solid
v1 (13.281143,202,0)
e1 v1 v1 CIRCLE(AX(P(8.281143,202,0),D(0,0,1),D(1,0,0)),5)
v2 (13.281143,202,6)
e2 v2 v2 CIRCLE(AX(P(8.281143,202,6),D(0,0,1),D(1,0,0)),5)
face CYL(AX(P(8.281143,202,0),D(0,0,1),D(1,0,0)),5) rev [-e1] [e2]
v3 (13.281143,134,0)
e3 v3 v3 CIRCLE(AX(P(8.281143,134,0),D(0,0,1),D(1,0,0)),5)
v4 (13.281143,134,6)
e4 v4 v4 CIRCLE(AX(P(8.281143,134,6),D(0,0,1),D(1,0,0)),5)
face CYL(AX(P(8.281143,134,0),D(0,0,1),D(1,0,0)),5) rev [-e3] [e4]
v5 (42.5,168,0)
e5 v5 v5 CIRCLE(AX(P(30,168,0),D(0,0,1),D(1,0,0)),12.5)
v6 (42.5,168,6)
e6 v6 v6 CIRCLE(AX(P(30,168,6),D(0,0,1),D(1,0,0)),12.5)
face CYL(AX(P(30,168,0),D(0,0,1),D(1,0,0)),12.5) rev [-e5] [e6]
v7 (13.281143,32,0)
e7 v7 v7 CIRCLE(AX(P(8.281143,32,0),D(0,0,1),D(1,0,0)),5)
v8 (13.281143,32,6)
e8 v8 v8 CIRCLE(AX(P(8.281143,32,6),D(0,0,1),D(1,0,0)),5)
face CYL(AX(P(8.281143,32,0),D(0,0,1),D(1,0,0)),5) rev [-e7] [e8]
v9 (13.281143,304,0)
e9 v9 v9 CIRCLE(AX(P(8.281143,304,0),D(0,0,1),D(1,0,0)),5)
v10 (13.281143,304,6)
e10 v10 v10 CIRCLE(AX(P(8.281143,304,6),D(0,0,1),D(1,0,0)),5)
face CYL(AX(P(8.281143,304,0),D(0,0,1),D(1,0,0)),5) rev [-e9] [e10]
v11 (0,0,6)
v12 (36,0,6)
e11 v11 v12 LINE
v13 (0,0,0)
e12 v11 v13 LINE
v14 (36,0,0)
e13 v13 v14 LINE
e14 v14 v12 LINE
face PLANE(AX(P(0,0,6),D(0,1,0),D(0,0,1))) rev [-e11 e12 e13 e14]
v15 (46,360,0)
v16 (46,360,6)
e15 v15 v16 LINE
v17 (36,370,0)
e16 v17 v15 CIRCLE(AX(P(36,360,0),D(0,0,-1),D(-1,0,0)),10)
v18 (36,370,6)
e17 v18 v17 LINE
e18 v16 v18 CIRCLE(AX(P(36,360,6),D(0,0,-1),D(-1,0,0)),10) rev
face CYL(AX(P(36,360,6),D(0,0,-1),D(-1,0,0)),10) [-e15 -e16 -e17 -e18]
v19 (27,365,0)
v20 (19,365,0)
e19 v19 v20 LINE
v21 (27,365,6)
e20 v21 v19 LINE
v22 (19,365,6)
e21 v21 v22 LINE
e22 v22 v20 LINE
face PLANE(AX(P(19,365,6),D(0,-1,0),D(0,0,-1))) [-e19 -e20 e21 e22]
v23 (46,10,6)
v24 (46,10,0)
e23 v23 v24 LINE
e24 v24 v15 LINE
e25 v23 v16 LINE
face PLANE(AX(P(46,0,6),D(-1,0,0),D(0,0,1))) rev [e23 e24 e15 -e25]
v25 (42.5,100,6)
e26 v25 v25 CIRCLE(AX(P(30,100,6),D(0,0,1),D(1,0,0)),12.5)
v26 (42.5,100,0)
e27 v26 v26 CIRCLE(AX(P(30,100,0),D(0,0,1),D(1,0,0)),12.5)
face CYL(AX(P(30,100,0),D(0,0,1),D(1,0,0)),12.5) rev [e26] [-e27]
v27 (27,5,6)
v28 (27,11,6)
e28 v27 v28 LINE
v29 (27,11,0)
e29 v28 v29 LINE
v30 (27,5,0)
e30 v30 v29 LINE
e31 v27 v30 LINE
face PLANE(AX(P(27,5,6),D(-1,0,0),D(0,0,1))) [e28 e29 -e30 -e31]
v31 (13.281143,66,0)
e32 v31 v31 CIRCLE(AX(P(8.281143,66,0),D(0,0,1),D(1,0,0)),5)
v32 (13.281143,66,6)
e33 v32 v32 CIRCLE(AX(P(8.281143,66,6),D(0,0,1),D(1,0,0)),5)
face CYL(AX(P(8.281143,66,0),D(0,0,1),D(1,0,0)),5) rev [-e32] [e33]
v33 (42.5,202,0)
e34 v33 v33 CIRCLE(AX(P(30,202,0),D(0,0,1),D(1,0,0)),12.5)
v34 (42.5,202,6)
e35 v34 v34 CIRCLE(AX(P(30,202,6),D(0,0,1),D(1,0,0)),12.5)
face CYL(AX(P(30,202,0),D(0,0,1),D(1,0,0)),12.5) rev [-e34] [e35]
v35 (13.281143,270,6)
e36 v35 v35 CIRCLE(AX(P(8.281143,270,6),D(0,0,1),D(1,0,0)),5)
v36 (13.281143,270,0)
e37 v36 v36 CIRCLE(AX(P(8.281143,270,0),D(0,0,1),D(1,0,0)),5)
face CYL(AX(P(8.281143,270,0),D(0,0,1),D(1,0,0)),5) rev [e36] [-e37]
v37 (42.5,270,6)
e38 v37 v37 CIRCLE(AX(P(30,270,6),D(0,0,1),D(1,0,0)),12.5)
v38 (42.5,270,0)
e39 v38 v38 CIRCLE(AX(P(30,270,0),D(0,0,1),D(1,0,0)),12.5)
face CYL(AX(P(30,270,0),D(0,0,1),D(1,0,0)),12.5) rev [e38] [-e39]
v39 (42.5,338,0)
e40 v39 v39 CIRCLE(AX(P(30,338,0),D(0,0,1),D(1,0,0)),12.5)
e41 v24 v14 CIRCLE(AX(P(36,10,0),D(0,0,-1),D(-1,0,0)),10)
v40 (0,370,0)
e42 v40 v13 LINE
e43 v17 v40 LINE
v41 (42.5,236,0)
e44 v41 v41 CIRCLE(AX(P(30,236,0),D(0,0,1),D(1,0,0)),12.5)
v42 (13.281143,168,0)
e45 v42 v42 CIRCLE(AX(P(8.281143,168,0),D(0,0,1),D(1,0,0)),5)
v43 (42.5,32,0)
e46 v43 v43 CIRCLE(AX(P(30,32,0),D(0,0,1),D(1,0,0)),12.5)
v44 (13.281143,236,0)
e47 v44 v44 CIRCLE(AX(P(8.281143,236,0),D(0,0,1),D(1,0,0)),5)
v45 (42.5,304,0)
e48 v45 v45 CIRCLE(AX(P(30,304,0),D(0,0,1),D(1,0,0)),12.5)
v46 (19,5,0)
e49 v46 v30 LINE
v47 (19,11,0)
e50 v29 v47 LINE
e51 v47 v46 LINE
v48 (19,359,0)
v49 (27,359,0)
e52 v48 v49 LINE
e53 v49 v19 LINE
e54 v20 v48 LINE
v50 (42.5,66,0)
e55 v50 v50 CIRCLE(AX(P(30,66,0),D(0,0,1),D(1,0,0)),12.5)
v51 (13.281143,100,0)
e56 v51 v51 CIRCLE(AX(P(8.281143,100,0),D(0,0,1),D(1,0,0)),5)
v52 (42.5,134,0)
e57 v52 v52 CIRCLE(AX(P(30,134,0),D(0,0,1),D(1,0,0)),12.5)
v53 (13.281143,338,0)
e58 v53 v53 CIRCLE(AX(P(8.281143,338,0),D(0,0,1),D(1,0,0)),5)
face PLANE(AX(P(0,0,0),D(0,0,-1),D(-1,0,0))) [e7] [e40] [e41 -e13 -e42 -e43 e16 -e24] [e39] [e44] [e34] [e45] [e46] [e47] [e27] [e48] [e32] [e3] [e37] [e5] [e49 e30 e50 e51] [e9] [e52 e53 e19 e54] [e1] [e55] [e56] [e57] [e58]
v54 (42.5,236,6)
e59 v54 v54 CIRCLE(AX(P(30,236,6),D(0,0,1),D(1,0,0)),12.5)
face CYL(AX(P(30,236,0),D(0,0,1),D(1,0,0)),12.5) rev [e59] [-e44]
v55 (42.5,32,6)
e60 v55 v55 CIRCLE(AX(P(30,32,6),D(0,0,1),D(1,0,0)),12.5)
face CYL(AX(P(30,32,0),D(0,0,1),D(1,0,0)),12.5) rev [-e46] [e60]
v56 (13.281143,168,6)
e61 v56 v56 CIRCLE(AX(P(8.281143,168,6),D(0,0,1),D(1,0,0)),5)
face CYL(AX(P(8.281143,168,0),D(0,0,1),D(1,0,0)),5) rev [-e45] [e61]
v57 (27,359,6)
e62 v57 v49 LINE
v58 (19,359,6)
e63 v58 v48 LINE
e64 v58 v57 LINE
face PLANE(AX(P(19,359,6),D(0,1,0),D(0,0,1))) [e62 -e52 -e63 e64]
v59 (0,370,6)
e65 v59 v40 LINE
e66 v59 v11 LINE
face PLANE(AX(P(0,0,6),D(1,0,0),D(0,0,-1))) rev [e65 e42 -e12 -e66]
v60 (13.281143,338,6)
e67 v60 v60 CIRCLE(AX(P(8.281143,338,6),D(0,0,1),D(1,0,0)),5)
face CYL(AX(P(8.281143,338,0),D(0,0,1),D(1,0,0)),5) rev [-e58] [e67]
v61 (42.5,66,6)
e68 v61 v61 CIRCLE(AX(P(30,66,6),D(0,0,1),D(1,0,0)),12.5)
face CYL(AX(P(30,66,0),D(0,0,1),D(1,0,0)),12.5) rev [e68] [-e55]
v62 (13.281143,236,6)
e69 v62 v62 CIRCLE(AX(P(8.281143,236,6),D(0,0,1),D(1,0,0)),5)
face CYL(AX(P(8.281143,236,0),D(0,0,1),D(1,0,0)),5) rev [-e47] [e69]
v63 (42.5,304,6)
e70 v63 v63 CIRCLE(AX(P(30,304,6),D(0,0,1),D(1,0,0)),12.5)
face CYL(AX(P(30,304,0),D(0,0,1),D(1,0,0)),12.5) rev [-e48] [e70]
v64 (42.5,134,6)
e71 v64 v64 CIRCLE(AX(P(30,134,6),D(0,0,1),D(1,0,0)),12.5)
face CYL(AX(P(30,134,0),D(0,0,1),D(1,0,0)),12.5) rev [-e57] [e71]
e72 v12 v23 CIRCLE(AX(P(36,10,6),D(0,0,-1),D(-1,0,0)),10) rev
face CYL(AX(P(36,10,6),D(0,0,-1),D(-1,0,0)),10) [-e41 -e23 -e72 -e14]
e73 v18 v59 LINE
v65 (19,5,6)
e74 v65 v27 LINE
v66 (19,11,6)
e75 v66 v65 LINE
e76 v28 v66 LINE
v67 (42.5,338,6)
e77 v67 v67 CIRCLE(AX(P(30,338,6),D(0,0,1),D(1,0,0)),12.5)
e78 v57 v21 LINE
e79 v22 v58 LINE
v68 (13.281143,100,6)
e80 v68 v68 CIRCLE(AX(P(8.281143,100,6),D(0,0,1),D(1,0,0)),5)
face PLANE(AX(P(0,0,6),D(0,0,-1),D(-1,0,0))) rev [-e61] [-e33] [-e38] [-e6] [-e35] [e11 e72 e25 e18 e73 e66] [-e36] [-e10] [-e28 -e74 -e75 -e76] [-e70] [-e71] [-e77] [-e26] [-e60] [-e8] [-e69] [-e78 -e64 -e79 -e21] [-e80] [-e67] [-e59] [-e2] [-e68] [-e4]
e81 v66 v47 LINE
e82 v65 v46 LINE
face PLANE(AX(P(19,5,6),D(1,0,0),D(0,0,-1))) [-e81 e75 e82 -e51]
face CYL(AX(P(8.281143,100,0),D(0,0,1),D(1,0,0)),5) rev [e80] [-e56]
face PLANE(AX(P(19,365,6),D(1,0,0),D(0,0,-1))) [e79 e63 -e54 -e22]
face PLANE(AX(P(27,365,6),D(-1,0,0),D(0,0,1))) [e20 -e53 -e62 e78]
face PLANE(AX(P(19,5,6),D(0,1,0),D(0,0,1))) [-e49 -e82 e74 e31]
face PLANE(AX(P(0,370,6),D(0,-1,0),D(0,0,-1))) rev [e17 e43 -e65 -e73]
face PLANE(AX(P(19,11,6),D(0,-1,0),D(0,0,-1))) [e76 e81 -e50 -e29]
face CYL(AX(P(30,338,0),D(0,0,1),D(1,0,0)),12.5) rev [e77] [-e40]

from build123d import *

# Parameters (mm, degrees)
ESQUISSE1_W             = 46
ESQUISSE1_H             = 370
ESQUISSE1_W_2           = 8
ESQUISSE1_H_2           = 6
BOSS_EXTRU_1_DEPTH      = 6
ESQUISSE2_R             = 12.5
ESQUISSE2_R_2           = 5
ENL_V_MAT_EXTRU_1_DEPTH = 6
CONG_1_R                = 10


with BuildPart() as part:
    # Esquisse1 → Boss.-Extru.1 (new body)
    with BuildSketch(Plane.XY):
        with Locations((23, 185)):
            Rectangle(ESQUISSE1_W, ESQUISSE1_H)
        with Locations((23, 8)):
            Rectangle(ESQUISSE1_W_2, ESQUISSE1_H_2, mode=Mode.SUBTRACT)
        with Locations((23, 362)):
            Rectangle(ESQUISSE1_W_2, ESQUISSE1_H_2, mode=Mode.SUBTRACT)
    extrude(amount=BOSS_EXTRU_1_DEPTH)

    # Esquisse2 → Enlèv. mat.-Extru.1 (cut)
    with BuildSketch(Plane.XY.offset(6)):
        with Locations((30, 32)):
            Circle(ESQUISSE2_R)
        with Locations((30, 66)):
            Circle(ESQUISSE2_R)
        with Locations((30, 100)):
            Circle(ESQUISSE2_R)
        with Locations((30, 134)):
            Circle(ESQUISSE2_R)
        with Locations((30, 168)):
            Circle(ESQUISSE2_R)
        with Locations((30, 202)):
            Circle(ESQUISSE2_R)
        with Locations((30, 236)):
            Circle(ESQUISSE2_R)
        with Locations((30, 270)):
            Circle(ESQUISSE2_R)
        with Locations((30, 304)):
            Circle(ESQUISSE2_R)
        with Locations((8.281143203, 338)):
            Circle(ESQUISSE2_R_2)
        with Locations((8.281143203, 304)):
            Circle(ESQUISSE2_R_2)
        with Locations((8.281143203, 270)):
            Circle(ESQUISSE2_R_2)
        with Locations((8.281143203, 236)):
            Circle(ESQUISSE2_R_2)
        with Locations((8.281143203, 202)):
            Circle(ESQUISSE2_R_2)
        with Locations((8.281143203, 168)):
            Circle(ESQUISSE2_R_2)
        with Locations((8.281143203, 134)):
            Circle(ESQUISSE2_R_2)
        with Locations((8.281143203, 100)):
            Circle(ESQUISSE2_R_2)
        with Locations((8.281143203, 66)):
            Circle(ESQUISSE2_R_2)
        with Locations((30, 338)):
            Circle(ESQUISSE2_R)
        with Locations((8.281143203, 32)):
            Circle(ESQUISSE2_R_2)
    extrude(amount=-ENL_V_MAT_EXTRU_1_DEPTH, mode=Mode.SUBTRACT)

    # Congé1
    cong_1_edges = [part.edges().sort_by_distance(p)[0] for p in [
        (46, 370, 3),
        (46, 0, 3),
    ]]
    fillet(cong_1_edges, radius=CONG_1_R)


solid = part.part
